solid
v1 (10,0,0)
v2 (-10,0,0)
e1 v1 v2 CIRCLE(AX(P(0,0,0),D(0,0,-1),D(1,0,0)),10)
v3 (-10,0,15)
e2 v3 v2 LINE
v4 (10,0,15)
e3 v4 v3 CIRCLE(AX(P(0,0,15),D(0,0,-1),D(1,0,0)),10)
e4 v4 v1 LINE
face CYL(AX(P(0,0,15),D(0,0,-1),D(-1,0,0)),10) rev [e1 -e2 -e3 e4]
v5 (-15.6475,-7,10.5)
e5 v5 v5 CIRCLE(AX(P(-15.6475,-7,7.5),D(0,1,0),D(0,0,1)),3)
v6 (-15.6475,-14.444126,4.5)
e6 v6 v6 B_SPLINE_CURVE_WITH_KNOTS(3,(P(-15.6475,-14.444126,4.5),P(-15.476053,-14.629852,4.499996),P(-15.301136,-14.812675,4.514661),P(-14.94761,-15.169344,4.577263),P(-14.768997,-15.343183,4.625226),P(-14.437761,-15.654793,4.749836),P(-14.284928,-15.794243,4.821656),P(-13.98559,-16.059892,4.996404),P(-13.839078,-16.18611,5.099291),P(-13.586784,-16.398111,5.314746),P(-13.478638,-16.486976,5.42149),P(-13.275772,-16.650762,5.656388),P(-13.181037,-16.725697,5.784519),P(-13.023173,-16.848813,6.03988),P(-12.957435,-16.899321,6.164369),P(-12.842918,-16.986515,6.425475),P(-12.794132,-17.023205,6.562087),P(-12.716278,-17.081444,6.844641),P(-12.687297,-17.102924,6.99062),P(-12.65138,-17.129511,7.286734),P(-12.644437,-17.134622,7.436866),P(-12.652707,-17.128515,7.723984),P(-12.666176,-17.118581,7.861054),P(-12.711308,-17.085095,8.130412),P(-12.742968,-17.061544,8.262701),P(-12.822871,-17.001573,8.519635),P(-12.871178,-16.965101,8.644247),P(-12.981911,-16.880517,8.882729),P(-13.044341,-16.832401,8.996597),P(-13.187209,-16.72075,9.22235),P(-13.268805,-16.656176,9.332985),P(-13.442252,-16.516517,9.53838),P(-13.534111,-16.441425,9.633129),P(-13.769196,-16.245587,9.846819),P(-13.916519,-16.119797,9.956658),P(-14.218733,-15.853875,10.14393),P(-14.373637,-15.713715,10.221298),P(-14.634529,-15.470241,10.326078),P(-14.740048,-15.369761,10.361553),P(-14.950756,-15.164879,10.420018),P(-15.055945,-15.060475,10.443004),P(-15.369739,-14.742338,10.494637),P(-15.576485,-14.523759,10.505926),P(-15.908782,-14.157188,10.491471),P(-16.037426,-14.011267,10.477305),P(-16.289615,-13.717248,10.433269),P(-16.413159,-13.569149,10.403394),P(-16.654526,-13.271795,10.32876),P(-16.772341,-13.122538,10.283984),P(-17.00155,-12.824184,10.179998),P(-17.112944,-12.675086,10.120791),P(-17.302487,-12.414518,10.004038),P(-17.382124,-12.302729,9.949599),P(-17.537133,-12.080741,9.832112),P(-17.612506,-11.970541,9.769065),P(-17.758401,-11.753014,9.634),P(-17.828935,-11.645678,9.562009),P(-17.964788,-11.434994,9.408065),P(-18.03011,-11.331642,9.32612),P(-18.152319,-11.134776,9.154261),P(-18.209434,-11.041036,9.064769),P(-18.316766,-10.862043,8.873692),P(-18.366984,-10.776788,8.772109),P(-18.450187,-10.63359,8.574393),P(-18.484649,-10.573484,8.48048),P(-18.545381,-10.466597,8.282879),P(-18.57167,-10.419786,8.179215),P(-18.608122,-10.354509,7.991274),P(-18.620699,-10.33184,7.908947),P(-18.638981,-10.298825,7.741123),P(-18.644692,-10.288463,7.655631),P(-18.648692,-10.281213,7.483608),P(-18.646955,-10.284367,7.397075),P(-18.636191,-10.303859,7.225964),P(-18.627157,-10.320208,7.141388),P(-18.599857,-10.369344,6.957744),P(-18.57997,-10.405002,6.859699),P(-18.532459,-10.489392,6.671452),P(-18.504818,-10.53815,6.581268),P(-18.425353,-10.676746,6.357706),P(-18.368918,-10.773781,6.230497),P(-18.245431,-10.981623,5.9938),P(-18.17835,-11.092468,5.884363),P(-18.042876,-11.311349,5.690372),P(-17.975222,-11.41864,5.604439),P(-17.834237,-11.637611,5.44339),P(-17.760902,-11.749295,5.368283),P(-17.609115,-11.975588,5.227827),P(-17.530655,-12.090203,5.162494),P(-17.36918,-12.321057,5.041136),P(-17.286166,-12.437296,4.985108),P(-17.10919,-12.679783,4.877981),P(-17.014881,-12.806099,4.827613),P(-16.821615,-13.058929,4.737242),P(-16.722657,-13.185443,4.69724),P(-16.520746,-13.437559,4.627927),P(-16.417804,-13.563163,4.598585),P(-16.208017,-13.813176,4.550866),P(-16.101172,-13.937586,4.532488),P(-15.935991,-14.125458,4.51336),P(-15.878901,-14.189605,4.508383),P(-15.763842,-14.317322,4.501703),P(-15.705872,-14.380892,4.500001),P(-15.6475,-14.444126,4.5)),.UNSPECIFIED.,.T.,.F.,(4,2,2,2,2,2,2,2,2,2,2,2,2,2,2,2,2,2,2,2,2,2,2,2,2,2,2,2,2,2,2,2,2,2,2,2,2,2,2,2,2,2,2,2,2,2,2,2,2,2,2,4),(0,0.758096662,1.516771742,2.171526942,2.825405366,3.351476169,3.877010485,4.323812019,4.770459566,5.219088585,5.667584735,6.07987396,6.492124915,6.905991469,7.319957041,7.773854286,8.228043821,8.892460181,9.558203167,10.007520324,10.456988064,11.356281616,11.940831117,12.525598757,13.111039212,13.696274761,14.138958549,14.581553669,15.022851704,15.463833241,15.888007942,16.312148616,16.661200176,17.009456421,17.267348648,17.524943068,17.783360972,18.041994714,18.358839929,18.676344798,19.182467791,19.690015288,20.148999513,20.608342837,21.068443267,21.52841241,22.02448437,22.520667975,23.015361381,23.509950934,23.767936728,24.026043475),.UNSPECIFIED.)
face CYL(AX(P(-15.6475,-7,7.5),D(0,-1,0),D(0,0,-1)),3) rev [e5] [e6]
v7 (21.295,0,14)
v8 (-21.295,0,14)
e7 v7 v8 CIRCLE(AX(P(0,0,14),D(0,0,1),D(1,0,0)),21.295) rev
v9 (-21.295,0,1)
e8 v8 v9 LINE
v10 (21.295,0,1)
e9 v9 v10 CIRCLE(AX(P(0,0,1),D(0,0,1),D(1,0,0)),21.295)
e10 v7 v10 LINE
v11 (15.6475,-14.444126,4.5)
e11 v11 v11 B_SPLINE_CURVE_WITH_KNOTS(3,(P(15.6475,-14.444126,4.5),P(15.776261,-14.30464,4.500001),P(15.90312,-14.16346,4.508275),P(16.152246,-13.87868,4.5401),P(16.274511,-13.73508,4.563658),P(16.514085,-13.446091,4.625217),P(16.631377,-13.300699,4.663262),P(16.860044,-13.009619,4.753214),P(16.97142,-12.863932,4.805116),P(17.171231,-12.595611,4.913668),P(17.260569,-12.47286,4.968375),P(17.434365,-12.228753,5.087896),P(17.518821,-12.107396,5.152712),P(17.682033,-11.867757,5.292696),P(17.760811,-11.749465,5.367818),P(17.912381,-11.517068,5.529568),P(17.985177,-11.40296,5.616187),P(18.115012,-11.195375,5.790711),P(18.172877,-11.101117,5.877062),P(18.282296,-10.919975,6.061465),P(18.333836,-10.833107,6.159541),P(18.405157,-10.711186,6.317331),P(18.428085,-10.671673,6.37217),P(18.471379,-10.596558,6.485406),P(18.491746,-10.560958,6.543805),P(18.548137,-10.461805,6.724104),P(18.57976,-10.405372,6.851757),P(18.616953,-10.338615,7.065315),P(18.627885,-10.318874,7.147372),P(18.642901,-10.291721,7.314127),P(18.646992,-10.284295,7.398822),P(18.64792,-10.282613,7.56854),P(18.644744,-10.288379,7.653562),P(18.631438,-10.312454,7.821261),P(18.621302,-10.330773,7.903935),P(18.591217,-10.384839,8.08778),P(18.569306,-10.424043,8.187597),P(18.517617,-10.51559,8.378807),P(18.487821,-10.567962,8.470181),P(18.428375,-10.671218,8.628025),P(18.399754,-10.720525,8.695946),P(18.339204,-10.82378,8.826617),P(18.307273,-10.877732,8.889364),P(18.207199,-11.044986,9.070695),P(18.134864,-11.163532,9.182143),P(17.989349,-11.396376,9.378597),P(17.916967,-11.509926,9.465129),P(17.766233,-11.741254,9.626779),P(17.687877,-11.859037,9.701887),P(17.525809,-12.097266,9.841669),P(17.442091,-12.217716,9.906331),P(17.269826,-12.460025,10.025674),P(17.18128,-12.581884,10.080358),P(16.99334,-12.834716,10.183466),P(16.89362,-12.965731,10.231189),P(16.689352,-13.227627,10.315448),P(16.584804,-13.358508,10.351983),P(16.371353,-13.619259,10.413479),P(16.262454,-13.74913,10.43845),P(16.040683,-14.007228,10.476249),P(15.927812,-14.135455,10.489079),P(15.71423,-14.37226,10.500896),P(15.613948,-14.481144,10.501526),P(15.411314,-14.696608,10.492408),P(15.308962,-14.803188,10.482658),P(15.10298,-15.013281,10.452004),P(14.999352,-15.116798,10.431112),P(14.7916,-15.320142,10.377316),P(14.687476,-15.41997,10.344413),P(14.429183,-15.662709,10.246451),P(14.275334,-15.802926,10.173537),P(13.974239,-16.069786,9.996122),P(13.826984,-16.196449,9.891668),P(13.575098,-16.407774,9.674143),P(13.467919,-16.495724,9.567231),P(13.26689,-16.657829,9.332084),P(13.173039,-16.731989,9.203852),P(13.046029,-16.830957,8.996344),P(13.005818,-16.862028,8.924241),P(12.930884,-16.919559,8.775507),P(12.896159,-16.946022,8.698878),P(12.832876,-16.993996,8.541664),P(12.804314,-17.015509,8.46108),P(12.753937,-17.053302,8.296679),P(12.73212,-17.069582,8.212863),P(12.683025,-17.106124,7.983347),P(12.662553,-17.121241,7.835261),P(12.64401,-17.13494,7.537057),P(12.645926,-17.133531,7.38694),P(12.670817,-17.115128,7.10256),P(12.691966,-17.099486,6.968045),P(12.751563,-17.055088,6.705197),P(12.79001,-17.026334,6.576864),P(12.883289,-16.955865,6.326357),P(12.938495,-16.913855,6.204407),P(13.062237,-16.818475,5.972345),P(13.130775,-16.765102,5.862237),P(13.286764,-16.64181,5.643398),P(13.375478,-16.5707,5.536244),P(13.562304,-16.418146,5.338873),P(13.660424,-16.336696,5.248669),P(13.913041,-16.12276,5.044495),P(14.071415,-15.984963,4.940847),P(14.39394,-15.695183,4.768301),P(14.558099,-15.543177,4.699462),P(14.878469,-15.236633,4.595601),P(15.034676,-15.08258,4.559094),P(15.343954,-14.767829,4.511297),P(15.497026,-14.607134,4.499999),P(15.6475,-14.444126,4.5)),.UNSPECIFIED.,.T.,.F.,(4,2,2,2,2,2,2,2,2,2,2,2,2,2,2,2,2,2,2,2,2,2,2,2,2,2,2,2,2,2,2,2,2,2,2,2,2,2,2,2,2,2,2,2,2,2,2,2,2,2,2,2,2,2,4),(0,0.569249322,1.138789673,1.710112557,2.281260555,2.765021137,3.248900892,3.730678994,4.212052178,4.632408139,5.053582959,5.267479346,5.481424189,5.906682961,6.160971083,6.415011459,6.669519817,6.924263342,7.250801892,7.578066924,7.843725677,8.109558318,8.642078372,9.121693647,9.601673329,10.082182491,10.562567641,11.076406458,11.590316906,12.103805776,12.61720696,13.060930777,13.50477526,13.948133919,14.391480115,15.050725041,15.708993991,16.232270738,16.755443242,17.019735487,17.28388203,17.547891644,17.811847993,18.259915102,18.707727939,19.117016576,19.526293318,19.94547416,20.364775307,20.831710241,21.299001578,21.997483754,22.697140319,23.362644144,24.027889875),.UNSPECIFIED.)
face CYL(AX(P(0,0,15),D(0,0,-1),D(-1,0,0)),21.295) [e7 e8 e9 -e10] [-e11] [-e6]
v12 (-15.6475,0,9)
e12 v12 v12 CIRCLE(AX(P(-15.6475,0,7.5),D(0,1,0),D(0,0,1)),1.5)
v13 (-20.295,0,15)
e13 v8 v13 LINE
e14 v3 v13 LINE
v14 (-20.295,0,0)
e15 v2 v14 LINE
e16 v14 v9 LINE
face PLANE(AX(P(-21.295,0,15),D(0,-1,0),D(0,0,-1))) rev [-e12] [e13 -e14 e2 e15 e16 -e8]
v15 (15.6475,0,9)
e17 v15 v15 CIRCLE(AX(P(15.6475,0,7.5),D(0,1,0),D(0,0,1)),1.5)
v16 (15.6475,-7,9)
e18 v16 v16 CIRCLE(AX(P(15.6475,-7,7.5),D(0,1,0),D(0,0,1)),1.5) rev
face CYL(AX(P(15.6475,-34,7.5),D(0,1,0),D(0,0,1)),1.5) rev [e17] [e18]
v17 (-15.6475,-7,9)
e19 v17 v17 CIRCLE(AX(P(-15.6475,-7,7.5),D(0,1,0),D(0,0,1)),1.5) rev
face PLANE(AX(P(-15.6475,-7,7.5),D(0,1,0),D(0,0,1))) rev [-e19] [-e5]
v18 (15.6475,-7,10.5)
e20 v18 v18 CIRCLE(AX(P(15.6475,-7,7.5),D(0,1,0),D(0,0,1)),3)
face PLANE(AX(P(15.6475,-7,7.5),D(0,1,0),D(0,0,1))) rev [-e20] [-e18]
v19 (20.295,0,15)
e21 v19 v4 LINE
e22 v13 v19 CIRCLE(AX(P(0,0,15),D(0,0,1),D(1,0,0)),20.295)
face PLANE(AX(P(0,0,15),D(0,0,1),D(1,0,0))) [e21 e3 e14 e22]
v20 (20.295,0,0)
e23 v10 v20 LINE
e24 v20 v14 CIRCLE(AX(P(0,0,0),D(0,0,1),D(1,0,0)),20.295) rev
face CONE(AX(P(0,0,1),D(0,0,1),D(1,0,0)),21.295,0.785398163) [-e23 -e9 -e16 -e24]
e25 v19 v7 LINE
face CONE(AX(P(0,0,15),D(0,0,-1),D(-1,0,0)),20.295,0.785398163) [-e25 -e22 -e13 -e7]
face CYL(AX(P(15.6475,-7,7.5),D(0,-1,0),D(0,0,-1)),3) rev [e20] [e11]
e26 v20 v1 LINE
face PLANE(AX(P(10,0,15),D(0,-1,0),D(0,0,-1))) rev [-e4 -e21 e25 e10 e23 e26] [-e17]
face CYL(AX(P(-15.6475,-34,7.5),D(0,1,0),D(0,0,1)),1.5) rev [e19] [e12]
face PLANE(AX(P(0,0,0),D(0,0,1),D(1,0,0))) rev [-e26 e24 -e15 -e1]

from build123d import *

# Parameters (mm, degrees)
EXTRUDE_1_DEPTH     = 15
SKETCH_2_R          = 1.5
CUT_EXTRUDE_1_DEPTH = 34
SKETCH_3_R          = 3
CUT_EXTRUDE_2_DEPTH = 18
CHAMFER_1_SIZE      = 1


with BuildPart() as part:
    # 草图1 → 凸台-拉伸1 (new body)
    with BuildSketch(Plane.XY):
        with BuildLine():
            Line((-21.295, 0), (-10, 0))
            ThreePointArc((-10, 0), (0, -10), (10, 0))
            Line((10, 0), (21.295, 0))
            ThreePointArc((21.295, 0), (0, -21.295), (-21.295, 0))
        make_face()
    extrude(amount=EXTRUDE_1_DEPTH)

    # 草图2 → 切除-拉伸1 (cut)
    with BuildSketch(Plane(origin=(0, 0, 0), x_dir=(1, 0, 0), z_dir=(0, 1, 0))):
        with Locations(Location((-15.6475, -7.5, 0), (0, 0, 270))):
            Circle(SKETCH_2_R)
        with Locations(Location((15.6475, -7.5, 0), (0, 0, 270))):
            Circle(SKETCH_2_R)
    extrude(amount=-CUT_EXTRUDE_1_DEPTH, mode=Mode.SUBTRACT)

    # 草图3 → 切除-拉伸2 (cut)
    with BuildSketch(Plane(origin=(0, -25, 0), x_dir=(1, 0, 0), z_dir=(0, 1, 0))):
        with Locations(Location((-15.6475, -7.5, 0), (0, 0, 90))):
            Circle(SKETCH_3_R)
        with Locations(Location((15.6475, -7.5, 0), (0, 0, 90))):
            Circle(SKETCH_3_R)
    extrude(amount=CUT_EXTRUDE_2_DEPTH, mode=Mode.SUBTRACT)

    # 倒角1
    chamfer_1_edges = [part.edges().sort_by_distance(p)[0] for p in [
        (0, -21.295, 15),
        (0, -21.295, 0),
    ]]
    chamfer(chamfer_1_edges, length=CHAMFER_1_SIZE)


solid = part.part
